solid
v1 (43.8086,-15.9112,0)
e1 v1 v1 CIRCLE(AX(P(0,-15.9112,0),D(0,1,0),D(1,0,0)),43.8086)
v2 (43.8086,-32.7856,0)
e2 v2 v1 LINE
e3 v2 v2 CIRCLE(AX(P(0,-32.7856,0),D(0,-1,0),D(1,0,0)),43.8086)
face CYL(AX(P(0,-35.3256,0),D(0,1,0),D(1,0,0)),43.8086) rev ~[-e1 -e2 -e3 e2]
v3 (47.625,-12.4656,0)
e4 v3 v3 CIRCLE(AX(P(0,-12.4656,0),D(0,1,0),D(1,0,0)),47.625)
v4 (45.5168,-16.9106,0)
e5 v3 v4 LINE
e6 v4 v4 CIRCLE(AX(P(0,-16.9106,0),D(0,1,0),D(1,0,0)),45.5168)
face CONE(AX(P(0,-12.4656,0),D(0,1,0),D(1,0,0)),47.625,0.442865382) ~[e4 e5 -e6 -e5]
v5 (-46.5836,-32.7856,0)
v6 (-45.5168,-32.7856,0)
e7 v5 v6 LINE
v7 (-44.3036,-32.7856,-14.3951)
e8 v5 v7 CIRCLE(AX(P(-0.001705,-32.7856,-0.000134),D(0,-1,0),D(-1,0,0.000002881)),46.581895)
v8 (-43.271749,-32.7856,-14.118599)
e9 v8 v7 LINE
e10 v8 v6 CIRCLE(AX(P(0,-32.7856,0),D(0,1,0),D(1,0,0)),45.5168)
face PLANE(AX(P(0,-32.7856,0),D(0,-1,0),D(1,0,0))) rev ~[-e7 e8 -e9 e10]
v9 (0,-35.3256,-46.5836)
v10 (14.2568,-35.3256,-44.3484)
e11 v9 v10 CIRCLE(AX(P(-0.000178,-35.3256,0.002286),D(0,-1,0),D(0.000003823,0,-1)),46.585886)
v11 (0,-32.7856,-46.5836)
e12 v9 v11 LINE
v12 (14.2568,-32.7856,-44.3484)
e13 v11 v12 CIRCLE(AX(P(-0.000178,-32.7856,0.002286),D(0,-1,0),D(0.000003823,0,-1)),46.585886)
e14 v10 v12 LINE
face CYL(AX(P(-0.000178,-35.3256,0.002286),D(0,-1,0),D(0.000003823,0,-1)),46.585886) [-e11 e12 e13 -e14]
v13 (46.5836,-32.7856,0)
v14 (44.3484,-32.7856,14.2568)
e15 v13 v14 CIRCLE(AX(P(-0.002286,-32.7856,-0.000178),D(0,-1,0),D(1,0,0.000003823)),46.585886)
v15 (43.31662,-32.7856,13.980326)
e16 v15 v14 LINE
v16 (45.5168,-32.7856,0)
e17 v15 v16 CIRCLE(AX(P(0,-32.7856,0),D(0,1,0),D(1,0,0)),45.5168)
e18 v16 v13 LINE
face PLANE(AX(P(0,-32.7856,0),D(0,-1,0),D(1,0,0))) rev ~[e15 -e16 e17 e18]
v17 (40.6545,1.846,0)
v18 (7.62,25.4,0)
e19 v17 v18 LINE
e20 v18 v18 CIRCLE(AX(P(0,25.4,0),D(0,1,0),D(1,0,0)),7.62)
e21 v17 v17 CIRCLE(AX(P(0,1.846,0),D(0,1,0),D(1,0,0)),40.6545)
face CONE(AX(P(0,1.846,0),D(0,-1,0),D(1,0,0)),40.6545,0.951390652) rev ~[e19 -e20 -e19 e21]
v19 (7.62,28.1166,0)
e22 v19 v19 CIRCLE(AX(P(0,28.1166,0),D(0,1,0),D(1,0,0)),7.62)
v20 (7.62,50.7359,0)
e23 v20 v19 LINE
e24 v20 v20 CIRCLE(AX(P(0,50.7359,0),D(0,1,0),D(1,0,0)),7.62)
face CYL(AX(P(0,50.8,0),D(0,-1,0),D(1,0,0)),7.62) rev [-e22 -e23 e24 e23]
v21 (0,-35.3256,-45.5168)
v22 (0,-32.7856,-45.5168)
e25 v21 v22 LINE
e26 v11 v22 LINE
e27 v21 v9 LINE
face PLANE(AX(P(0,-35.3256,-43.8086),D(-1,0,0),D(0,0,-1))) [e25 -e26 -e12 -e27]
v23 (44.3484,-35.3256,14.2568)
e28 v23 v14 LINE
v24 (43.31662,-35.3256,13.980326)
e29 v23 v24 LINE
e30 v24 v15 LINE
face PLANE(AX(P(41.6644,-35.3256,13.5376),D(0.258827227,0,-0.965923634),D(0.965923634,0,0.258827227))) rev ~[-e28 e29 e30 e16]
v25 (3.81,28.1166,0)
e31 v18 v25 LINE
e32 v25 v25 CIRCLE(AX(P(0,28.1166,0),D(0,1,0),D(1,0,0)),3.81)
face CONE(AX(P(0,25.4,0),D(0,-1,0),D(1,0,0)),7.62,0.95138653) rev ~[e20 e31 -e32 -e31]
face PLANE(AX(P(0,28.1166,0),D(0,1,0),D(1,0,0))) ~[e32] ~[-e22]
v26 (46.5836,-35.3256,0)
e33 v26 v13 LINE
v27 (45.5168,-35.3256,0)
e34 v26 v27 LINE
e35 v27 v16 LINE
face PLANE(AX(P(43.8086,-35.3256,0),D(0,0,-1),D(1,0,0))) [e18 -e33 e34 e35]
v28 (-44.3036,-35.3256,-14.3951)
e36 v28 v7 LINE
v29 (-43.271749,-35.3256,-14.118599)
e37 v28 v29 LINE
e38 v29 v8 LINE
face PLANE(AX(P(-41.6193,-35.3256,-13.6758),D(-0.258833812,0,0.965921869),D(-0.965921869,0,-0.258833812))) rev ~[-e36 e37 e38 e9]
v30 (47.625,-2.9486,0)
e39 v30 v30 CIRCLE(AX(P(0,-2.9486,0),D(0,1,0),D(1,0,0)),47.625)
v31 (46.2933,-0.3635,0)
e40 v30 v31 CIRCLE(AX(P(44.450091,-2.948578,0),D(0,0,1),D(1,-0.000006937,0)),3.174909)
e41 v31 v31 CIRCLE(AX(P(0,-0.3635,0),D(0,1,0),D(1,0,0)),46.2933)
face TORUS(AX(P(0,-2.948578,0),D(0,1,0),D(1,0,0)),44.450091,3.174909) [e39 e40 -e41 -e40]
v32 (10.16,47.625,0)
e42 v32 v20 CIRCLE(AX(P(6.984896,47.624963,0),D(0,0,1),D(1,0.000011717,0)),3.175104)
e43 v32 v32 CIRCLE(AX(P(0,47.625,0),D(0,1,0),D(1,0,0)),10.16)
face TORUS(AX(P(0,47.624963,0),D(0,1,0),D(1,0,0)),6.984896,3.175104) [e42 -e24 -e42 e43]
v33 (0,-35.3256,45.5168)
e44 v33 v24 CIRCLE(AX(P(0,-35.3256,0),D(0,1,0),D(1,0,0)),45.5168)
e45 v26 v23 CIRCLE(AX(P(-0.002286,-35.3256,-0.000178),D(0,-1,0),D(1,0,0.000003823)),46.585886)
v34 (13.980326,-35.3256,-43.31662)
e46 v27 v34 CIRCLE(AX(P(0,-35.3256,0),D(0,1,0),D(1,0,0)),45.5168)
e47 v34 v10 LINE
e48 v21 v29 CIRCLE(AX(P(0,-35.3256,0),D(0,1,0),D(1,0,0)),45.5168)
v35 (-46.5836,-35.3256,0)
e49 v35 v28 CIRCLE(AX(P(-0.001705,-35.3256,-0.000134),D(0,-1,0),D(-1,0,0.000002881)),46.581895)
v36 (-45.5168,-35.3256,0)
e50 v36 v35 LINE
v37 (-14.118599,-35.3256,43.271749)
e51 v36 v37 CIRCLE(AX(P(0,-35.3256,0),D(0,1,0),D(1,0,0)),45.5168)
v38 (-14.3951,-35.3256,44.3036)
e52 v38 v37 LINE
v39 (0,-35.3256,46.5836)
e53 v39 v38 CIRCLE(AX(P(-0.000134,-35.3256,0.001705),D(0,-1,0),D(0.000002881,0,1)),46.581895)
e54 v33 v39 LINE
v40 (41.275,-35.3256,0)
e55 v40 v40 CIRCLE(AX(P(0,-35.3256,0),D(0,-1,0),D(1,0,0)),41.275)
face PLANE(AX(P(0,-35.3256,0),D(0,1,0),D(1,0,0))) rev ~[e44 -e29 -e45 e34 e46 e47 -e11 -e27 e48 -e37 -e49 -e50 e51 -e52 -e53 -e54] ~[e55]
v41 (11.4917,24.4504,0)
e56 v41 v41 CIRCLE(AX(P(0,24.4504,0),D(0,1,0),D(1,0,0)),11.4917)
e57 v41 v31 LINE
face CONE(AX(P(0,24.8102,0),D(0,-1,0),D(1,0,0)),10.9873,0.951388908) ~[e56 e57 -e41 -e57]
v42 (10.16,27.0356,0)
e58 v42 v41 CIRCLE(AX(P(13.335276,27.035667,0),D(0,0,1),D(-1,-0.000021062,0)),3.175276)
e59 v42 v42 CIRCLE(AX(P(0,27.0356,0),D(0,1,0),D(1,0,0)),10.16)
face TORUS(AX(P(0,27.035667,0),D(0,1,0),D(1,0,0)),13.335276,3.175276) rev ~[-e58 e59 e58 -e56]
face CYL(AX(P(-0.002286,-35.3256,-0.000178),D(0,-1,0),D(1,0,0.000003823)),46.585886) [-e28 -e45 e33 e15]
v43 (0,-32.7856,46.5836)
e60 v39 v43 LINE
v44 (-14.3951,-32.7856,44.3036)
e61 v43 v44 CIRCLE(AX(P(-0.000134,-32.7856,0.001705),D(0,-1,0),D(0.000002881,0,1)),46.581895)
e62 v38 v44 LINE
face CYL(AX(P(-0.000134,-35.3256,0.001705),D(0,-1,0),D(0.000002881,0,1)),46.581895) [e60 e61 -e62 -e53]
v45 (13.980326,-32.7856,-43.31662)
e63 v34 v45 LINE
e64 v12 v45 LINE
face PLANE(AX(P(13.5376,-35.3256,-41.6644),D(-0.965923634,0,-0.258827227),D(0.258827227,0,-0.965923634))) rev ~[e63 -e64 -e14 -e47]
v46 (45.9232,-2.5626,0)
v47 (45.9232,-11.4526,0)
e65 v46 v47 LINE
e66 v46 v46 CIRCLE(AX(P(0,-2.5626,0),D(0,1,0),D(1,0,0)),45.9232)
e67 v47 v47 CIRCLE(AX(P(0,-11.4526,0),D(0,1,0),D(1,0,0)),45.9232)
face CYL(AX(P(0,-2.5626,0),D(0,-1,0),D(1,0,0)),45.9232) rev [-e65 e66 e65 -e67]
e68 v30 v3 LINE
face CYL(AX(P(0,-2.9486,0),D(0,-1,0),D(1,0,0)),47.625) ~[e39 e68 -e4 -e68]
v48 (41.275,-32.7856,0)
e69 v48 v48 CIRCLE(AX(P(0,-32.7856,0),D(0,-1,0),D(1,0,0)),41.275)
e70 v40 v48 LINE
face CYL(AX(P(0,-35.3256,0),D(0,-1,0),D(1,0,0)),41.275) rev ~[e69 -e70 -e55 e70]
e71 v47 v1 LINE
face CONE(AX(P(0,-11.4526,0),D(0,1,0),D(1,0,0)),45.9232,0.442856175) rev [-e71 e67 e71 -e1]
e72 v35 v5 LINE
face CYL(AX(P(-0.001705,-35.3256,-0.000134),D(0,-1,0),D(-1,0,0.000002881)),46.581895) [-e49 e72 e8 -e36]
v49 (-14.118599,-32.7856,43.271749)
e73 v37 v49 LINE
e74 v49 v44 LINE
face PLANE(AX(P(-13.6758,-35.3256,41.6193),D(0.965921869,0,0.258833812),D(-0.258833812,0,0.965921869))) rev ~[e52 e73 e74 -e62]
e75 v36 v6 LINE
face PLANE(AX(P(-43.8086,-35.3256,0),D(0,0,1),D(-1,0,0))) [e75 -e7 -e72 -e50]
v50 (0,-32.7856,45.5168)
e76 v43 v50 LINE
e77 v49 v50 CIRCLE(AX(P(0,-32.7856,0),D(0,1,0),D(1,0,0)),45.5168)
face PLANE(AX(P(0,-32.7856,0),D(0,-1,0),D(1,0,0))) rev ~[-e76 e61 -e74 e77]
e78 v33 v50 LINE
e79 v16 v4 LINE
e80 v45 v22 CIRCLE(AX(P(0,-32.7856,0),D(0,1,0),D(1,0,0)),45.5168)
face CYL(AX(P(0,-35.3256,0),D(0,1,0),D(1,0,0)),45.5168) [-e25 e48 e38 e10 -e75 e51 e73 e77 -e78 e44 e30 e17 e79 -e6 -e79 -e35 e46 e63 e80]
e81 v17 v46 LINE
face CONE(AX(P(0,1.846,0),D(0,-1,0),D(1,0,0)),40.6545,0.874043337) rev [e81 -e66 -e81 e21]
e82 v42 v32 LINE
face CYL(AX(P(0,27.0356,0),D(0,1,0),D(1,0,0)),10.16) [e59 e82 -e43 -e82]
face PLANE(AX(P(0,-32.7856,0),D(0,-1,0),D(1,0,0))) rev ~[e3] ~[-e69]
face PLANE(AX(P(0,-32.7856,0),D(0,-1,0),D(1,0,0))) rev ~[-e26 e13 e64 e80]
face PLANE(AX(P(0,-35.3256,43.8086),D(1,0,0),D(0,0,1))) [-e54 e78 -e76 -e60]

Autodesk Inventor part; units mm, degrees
ref_plane "YZ Plane" through (0, 0, 0) normal (1, 0, 0) x (0, 1, 0)
ref_plane "XZ Plane" through (0, 0, 0) normal (0, 1, 0) x (-1, 0, 0)
ref_plane "XY Plane" through (0, 0, 0) normal (0, 0, 1) x (1, 0, 0)
sketch "Sketch2" plane through (0, 0, 0) normal (0, 0, 1) x (1, 0, 0)
  line L0 (0, 0) -> (0, 25.4)
  line L1 (0, 25.4) -> (7.62, 25.4)
  line L2 (7.62, 25.4) -> (9.144, 25.4)
  line L3 (10.9873, 24.8102) -> (46.2933, -0.3635)
  line L4 (40.6545, 1.846) -> (7.62, 25.4)
  line L5 (47.625, -2.9486) -> (47.625, -12.4656)
  line L6 (10.9873, 24.8102) -> (11.4917, 24.4504)
  line L7 (9.144, 25.4) -> (10.16, 25.4)
  line L8 (10.16, 27.0356) -> (10.16, 47.625)
  line L9 (7.62, 50.8) -> (7.62, 25.4)
  line L10 (45.9232, -2.5626) -> (45.9232, -11.4526)
  arc A0 (10.16, 47.625) -> (7.62, 50.7359) centre (6.985, 47.625) ccw
  arc A1 (47.625, -2.9486) -> (46.2933, -0.3635) centre (44.45, -2.9486) ccw
  arc A2 (10.16, 27.0356) -> (11.4917, 24.4504) centre (13.335, 27.0356) ccw
  line L11 (40.6545, 1.846) -> (45.9232, -2.5626)
  line L12 (47.625, -12.4656) -> (45.9232, -11.4526)
  line L13 (45.9232, -2.5626) -> (45.9232, -11.4526)
  line L14 (45.5168, -35.3256) -> (45.5168, -16.9106)
  line L15 (47.625, -12.4656) -> (52.4025, -12.4656) construction
  line L16 (43.8086, -35.3256) -> (43.8086, -15.9112)
  line L17 (45.9232, -2.5626) -> (45.9232, -11.4526)
  line L18 (45.5168, -35.3256) -> (43.8086, -35.3256)
  line L19 (45.5168, -16.9106) -> (45.5168, -35.3256)
  line L20 (47.625, -12.4656) -> (45.5168, -16.9106)
  line L21 (45.9232, -11.4526) -> (43.8086, -15.9112)
  line L22 (7.62, 25.4) -> (3.81, 25.4)
  line L23 (3.81, 25.4) -> (3.81, 32.3365)
  line L24 (7.62, 25.4) -> (3.81, 28.1166)
  line L25 (3.81, 28.1166) -> (7.62, 28.1166)
  point P0 (47.625, -1.313)
  point P1 (10.16, 50.8)
  point P2 (46.1518, -17.3808)
  point P3 (44.9154, -1.7193)
  point P4 (46.1518, -15.158)
  point P5 (42.6103, 0.2095)
  dimension "d9" = 25.4
  dimension "d10" = 7.62
  dimension "d11" = 2.54
  dimension "d16" = 25.4
  dimension "d18" = 3.175
  dimension "d19" = 3.175
  dimension "d24" = 47.625
  dimension "d26" = 8.89
  dimension "d53" = 45.5168
  dimension "d55" = 1.7082
  dimension "d56" = 22.86
  dimension "d68" = 1.7018
  dimension "d84" = 18.415
  dimension "d86" = 3.81
ref_plane "Work Plane1" through (0, -36.5956, 0) normal (0, -1, 0) x (1, 0, 0)
revolve "Revolution5" add sketch "Sketch2" angle 360 about axis through (0, 0, 0) along (0, 1, 0) contours L9 A0 L8 A2 L3 A1 L5 L12 L10 L11 L4 | L24 L25 L9 | L12 L20 L14 L18 L16 L21
sketch "Sketch8" plane through (0, -35.3256, 0) normal (0, -1, 0) x (1, 0, 0)
  circle A0 centre (0, 0) radius 43.8086 projected
  line L0 (0, 43.8086) -> (0, 46.5836)
  line L1 (41.6644, 13.5376) -> (44.3484, 14.2568)
  line L2 (43.8086, 0) -> (46.5836, 0) construction
  line L3 (0, 0) -> (46.5836, 0)
  line L4 (-13.6758, 41.6193) -> (-14.3951, 44.3036)
  line L5 (0, 0) -> (46.5836, 0) construction
  line L6 (-43.8086, 0) -> (-46.5836, 0)
  line L7 (-41.6193, -13.6758) -> (-44.3036, -14.3951)
  line L8 (0, 0) -> (46.5836, 0) construction
  line L9 (0, -43.8086) -> (0, -46.5836)
  line L10 (13.5376, -41.6644) -> (14.2568, -44.3484)
  line L11 (0, 0) -> (46.5836, 0) construction
  arc A1 (0, 46.5836) -> (-14.3951, 44.3036) centre (0, 0) ccw
  arc A2 (-46.5836, 0) -> (-44.3036, -14.3951) centre (0, 0) ccw
  arc A3 (0, -46.5836) -> (14.2568, -44.3484) centre (0, 0) ccw
  arc A4 (46.5836, 0) -> (44.3484, 14.2568) centre (0, 0) ccw
  arc A5 (0, -43.8086) -> (13.5376, -41.6644) centre (0, 0) ccw
  arc A6 (-43.8086, 0) -> (-41.6193, -13.6758) centre (0, 0) ccw
  arc A7 (43.8086, 0) -> (41.6644, 13.5376) centre (0, 0) ccw
  arc A8 (0, 43.8086) -> (-13.6758, 41.6193) centre (0, 0) ccw
  line L12 (46.5836, 0) -> (43.8086, 0)
  circle A9 centre (0, 0) radius 45.5168 projected
  circle A10 centre (0, 0) radius 41.275
  dimension "d72" = 15
  dimension "d75" = 105
  dimension "d78" = 165
  dimension "d81" = 75
  dimension "d85" = 82.55
extrude "Extrusion7" add sketch "Sketch8" against normal blind 2.54 contours A0 | A0 L1 A9 L3 | L10 A9 L9 A0 | A9 L1 A4 L3 | A0 L4 A9 L0 | L10 A3 L9 A9 | A9 L4 A1 L0 | L7 A9 L6 A0 | L7 A2 L6 A9
properties part number "screwflare74"
